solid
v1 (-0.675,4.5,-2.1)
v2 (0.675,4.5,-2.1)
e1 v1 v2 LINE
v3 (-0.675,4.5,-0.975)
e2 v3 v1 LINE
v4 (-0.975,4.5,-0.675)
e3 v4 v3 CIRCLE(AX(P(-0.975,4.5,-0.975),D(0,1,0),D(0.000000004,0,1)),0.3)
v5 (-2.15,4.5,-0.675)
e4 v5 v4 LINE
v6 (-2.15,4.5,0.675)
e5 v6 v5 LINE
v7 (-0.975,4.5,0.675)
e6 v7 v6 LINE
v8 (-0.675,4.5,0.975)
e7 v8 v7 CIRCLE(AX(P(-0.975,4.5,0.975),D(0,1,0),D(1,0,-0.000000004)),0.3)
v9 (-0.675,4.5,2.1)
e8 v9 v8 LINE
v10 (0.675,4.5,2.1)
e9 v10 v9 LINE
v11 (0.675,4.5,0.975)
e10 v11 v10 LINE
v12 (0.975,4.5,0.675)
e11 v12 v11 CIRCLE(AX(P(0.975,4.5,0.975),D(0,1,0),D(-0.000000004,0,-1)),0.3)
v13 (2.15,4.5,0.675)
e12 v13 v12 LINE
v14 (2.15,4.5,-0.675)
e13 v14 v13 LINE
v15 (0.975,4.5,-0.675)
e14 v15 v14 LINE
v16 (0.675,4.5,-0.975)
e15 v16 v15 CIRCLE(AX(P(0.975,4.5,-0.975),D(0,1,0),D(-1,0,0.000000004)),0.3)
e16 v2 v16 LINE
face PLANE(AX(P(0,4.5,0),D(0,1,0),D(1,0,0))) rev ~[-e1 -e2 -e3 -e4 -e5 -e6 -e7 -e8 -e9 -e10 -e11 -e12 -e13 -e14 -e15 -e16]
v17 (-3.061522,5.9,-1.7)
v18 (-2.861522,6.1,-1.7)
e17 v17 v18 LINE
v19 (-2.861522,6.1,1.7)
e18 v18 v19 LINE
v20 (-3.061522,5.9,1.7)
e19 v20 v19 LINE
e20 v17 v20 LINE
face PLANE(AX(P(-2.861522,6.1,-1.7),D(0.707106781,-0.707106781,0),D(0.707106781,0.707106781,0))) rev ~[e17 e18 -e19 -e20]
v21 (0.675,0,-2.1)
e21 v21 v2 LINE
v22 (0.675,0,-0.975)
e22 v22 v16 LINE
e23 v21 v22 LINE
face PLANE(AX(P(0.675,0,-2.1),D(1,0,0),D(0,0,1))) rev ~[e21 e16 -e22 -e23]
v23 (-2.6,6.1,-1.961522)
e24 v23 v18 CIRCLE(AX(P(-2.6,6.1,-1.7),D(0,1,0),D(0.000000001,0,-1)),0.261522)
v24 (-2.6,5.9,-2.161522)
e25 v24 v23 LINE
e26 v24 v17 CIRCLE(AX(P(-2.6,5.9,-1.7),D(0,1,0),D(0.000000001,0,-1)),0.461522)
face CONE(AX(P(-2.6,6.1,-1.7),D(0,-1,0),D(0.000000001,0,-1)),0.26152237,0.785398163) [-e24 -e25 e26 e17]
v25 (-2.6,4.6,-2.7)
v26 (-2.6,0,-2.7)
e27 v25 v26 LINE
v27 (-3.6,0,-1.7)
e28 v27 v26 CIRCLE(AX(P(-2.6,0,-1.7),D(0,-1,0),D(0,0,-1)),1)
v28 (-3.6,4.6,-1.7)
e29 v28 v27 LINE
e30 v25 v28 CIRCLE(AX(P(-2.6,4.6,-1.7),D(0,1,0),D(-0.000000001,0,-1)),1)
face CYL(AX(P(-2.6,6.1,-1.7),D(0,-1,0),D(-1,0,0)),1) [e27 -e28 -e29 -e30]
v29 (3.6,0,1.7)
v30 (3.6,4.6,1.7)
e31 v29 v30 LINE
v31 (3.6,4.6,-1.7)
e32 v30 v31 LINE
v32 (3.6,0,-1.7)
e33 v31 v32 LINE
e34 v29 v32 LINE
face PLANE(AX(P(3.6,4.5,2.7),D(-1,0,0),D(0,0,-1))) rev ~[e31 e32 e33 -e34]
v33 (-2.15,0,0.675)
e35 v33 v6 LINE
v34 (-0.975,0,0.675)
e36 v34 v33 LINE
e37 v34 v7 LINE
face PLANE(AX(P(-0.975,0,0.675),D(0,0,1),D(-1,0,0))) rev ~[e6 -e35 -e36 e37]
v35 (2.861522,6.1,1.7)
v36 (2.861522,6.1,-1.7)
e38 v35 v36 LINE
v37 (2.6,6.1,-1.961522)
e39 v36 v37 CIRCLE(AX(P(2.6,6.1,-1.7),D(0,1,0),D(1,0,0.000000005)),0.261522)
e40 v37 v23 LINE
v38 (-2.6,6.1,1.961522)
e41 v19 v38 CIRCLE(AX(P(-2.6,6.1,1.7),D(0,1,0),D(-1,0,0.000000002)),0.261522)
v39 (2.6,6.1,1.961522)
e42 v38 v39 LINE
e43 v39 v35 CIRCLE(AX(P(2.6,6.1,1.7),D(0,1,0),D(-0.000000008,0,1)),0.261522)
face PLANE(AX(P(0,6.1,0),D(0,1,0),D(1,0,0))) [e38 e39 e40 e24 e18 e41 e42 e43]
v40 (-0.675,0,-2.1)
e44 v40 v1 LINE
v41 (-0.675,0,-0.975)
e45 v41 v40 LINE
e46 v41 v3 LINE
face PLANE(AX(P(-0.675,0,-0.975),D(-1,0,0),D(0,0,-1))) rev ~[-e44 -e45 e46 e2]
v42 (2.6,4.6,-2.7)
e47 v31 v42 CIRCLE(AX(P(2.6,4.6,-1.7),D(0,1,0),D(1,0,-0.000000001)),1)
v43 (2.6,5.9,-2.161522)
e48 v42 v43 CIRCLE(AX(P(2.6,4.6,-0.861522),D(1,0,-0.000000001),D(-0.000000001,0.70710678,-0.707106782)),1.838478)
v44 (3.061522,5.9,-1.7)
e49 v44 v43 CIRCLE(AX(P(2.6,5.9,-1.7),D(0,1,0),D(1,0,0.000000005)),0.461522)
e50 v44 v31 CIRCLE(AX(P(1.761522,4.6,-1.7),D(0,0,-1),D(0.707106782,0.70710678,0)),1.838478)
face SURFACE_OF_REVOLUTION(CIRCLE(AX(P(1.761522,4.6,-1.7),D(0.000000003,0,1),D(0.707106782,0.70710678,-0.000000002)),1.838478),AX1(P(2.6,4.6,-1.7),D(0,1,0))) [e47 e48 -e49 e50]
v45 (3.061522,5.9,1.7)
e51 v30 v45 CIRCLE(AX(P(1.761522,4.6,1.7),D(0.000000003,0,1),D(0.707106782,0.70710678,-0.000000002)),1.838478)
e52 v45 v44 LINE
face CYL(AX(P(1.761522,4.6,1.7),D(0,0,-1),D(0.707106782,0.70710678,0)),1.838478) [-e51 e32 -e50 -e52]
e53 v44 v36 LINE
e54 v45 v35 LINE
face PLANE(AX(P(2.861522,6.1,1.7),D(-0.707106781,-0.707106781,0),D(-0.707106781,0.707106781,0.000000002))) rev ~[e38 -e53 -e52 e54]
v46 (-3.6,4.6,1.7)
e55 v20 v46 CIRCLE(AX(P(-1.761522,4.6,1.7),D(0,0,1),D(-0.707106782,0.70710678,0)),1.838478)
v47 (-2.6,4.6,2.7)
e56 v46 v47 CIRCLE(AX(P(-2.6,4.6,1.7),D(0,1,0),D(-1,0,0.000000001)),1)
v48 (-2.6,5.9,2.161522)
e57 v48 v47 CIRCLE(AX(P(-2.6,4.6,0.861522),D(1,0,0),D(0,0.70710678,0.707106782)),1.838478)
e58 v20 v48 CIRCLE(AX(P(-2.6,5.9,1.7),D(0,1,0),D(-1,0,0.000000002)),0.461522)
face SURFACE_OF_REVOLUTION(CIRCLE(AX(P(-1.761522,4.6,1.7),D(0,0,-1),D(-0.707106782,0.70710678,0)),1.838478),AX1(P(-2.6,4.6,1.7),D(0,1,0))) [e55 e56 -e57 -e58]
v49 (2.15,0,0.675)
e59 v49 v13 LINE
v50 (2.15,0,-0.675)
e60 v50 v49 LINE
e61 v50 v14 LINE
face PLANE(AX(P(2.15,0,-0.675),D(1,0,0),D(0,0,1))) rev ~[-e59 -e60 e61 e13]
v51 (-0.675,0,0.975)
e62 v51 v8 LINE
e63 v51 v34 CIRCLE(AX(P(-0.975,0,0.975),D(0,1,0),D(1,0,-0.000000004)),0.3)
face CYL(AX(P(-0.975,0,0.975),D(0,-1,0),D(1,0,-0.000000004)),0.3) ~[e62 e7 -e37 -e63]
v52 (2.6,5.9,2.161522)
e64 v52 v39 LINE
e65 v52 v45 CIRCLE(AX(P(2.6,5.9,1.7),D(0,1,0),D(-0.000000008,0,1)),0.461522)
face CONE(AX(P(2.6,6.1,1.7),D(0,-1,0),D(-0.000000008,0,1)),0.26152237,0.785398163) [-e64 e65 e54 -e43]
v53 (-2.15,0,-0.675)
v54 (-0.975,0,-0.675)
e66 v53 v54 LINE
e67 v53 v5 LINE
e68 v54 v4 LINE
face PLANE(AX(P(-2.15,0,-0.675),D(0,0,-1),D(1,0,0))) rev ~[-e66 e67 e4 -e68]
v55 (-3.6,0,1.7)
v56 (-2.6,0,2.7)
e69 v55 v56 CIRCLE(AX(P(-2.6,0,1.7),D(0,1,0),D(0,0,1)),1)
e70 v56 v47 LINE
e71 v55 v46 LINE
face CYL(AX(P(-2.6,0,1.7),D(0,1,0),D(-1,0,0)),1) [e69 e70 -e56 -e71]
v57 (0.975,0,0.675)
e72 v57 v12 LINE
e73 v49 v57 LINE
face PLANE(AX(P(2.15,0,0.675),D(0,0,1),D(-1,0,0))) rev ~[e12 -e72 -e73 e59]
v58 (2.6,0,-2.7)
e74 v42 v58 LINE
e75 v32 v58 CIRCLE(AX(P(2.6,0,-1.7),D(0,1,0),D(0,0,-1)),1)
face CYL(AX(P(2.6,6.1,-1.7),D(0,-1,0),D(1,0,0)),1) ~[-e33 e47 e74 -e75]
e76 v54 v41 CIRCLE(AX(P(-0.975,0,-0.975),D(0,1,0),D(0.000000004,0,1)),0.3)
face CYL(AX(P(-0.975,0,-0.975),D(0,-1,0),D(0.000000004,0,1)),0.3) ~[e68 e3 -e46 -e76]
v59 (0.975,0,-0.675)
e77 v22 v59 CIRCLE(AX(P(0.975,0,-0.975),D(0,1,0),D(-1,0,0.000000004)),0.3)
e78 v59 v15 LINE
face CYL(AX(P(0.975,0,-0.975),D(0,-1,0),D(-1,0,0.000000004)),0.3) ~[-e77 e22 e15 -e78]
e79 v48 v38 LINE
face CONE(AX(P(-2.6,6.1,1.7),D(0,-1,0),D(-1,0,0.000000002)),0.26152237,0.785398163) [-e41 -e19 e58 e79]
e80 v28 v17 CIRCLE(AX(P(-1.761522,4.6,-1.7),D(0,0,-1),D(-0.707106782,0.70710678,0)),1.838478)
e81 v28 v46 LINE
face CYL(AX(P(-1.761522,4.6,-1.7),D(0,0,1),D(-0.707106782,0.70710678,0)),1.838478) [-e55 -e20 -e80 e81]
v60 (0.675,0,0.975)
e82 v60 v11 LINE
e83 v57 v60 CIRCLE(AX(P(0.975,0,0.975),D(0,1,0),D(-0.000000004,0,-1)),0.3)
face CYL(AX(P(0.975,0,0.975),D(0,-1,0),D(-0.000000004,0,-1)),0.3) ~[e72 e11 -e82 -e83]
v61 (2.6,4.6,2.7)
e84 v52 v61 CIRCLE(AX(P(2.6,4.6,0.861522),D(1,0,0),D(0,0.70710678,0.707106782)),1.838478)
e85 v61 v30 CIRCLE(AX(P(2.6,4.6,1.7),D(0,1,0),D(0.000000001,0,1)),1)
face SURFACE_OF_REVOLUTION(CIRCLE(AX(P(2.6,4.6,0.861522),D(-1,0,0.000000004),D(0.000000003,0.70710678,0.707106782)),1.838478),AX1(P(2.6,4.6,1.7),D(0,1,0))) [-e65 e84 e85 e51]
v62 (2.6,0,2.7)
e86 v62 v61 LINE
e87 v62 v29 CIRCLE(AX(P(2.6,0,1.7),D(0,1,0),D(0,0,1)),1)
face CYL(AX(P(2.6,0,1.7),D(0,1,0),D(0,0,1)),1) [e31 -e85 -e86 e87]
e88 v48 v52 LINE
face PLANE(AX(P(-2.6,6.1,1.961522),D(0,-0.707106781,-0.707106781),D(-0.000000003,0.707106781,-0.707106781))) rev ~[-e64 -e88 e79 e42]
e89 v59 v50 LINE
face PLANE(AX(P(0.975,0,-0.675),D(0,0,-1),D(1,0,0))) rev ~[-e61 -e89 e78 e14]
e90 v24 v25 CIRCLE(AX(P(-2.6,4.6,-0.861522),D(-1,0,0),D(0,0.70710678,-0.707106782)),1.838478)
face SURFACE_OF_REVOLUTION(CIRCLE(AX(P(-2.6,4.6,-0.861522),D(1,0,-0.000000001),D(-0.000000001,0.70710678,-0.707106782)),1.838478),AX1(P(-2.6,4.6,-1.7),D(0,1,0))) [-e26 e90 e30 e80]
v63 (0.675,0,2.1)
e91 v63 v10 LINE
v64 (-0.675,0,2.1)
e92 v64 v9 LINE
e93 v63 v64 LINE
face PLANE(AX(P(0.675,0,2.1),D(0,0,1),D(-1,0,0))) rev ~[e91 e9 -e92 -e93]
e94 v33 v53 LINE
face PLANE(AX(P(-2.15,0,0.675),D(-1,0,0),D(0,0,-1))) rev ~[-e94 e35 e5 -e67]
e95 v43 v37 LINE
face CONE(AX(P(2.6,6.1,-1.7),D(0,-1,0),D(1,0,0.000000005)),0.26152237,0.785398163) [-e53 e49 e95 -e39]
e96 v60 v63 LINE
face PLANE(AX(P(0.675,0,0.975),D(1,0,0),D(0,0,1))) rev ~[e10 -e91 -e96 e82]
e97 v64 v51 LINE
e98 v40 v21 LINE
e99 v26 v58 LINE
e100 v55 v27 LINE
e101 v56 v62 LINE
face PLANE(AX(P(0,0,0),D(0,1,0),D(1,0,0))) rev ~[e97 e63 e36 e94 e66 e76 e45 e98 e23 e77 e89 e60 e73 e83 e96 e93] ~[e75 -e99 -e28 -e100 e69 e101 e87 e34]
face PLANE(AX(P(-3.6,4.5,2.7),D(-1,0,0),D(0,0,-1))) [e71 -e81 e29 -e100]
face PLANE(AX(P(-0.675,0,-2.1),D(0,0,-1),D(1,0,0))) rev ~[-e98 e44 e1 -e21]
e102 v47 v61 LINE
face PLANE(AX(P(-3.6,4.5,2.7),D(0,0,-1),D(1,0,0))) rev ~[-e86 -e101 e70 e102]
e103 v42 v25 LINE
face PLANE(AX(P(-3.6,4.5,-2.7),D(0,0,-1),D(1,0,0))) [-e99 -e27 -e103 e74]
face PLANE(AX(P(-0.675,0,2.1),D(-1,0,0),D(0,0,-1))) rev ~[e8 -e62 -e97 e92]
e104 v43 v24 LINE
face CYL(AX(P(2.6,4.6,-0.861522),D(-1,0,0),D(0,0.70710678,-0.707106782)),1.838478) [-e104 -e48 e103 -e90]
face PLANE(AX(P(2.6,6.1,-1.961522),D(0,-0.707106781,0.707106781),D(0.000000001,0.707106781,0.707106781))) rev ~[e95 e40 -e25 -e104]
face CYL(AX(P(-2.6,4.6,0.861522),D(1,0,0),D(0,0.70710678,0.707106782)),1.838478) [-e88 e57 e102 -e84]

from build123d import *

# Parameters (mm, degrees)
SKETCH1_W           = 7.2
SKETCH1_H           = 5.4
STEM_HOUSING_DEPTH  = 4.5
SKETCH3_W           = 7.2
SKETCH3_H           = 5.4
BOSS_EXTRUDE2_DEPTH = 1.6
FILLET2_R           = 1


with BuildPart() as part:
    # Sketch1 → stem housing (new body)
    with BuildSketch(Plane(origin=(0, 0, 0), x_dir=(1, 0, 0), z_dir=(0, 1, 0))):
        Rectangle(SKETCH1_W, SKETCH1_H)
        with BuildLine():
            Line((-0.675, 0.975), (-0.675, 2.1))
            Line((-0.675, 2.1), (0.675, 2.1))
            Line((0.675, 2.1), (0.675, 0.975))
            ThreePointArc((0.675, 0.975), (0.762867966, 0.762867966), (0.975, 0.675))
            Line((0.975, 0.675), (2.15, 0.675))
            Line((2.15, 0.675), (2.15, -0.675))
            Line((2.15, -0.675), (0.975, -0.675))
            ThreePointArc((0.975, -0.675), (0.762867966, -0.762867966), (0.675, -0.975))
            Line((0.675, -0.975), (0.675, -2.1))
            Line((0.675, -2.1), (-0.675, -2.1))
            Line((-0.675, -2.1), (-0.675, -0.975))
            ThreePointArc((-0.675, -0.975), (-0.762867966, -0.762867966), (-0.975, -0.675))
            Line((-0.975, -0.675), (-2.15, -0.675))
            Line((-2.15, -0.675), (-2.15, 0.675))
            Line((-2.15, 0.675), (-0.975, 0.675))
            ThreePointArc((-0.975, 0.675), (-0.762867966, 0.762867966), (-0.675, 0.975))
        make_face(mode=Mode.SUBTRACT)
    extrude(amount=STEM_HOUSING_DEPTH)

    # Sketch3 → Boss-Extrude2 (add)
    with BuildSketch(Plane(origin=(0, 4.5, 0), x_dir=(1, 0, 0), z_dir=(0, 1, 0))):
        Rectangle(SKETCH3_W, SKETCH3_H)
    extrude(amount=BOSS_EXTRUDE2_DEPTH)

    # Fillet2
    fillet2_edges = [part.edges().sort_by_distance(p)[0] for p in [
        (-3.6, 3.05, 2.7),
        (-3.6, 3.05, -2.7),
        (3.6, 3.05, -2.7),
        (3.6, 3.05, 2.7),
    ]]
    fillet(fillet2_edges, radius=FILLET2_R)

    # Cut-Sweep1: sweep along a path in Sketch6
    with BuildLine(Plane(origin=(0, 6.1, 0), x_dir=(1, 0, 0), z_dir=(0, 1, 0))) as cut_sweep1_path:
        Line((-2.6, -2.7), (2.6, -2.7))
        ThreePointArc((2.6, -2.7), (3.307106781, -2.407106781), (3.6, -1.7))
        Line((3.6, -1.7), (3.6, 1.7))
        ThreePointArc((3.6, 1.7), (3.307106781, 2.407106781), (2.6, 2.7))
        Line((2.6, 2.7), (-2.6, 2.7))
        ThreePointArc((-2.6, 2.7), (-3.307106781, 2.407106781), (-3.6, 1.7))
        Line((-3.6, 1.7), (-3.6, -1.7))
        ThreePointArc((-3.6, -1.7), (-3.307106781, -2.407106781), (-2.6, -2.7))
    # Sketch4 → Cut-Sweep1 (sweep, cut)
    with BuildSketch(Plane.XY):
        with BuildLine():
            Line((-2.861522369, 6.1), (-3.061522369, 5.9))
            ThreePointArc((-3.061522369, 5.9), (-3.460054223, 5.30355493), (-3.6, 4.6))
            Line((-3.6, 4.6), (-3.6, 6.1))
            Line((-3.6, 6.1), (-2.861522369, 6.1))
        make_face()
    sweep(path=cut_sweep1_path.line, mode=Mode.SUBTRACT)


solid = part.part
